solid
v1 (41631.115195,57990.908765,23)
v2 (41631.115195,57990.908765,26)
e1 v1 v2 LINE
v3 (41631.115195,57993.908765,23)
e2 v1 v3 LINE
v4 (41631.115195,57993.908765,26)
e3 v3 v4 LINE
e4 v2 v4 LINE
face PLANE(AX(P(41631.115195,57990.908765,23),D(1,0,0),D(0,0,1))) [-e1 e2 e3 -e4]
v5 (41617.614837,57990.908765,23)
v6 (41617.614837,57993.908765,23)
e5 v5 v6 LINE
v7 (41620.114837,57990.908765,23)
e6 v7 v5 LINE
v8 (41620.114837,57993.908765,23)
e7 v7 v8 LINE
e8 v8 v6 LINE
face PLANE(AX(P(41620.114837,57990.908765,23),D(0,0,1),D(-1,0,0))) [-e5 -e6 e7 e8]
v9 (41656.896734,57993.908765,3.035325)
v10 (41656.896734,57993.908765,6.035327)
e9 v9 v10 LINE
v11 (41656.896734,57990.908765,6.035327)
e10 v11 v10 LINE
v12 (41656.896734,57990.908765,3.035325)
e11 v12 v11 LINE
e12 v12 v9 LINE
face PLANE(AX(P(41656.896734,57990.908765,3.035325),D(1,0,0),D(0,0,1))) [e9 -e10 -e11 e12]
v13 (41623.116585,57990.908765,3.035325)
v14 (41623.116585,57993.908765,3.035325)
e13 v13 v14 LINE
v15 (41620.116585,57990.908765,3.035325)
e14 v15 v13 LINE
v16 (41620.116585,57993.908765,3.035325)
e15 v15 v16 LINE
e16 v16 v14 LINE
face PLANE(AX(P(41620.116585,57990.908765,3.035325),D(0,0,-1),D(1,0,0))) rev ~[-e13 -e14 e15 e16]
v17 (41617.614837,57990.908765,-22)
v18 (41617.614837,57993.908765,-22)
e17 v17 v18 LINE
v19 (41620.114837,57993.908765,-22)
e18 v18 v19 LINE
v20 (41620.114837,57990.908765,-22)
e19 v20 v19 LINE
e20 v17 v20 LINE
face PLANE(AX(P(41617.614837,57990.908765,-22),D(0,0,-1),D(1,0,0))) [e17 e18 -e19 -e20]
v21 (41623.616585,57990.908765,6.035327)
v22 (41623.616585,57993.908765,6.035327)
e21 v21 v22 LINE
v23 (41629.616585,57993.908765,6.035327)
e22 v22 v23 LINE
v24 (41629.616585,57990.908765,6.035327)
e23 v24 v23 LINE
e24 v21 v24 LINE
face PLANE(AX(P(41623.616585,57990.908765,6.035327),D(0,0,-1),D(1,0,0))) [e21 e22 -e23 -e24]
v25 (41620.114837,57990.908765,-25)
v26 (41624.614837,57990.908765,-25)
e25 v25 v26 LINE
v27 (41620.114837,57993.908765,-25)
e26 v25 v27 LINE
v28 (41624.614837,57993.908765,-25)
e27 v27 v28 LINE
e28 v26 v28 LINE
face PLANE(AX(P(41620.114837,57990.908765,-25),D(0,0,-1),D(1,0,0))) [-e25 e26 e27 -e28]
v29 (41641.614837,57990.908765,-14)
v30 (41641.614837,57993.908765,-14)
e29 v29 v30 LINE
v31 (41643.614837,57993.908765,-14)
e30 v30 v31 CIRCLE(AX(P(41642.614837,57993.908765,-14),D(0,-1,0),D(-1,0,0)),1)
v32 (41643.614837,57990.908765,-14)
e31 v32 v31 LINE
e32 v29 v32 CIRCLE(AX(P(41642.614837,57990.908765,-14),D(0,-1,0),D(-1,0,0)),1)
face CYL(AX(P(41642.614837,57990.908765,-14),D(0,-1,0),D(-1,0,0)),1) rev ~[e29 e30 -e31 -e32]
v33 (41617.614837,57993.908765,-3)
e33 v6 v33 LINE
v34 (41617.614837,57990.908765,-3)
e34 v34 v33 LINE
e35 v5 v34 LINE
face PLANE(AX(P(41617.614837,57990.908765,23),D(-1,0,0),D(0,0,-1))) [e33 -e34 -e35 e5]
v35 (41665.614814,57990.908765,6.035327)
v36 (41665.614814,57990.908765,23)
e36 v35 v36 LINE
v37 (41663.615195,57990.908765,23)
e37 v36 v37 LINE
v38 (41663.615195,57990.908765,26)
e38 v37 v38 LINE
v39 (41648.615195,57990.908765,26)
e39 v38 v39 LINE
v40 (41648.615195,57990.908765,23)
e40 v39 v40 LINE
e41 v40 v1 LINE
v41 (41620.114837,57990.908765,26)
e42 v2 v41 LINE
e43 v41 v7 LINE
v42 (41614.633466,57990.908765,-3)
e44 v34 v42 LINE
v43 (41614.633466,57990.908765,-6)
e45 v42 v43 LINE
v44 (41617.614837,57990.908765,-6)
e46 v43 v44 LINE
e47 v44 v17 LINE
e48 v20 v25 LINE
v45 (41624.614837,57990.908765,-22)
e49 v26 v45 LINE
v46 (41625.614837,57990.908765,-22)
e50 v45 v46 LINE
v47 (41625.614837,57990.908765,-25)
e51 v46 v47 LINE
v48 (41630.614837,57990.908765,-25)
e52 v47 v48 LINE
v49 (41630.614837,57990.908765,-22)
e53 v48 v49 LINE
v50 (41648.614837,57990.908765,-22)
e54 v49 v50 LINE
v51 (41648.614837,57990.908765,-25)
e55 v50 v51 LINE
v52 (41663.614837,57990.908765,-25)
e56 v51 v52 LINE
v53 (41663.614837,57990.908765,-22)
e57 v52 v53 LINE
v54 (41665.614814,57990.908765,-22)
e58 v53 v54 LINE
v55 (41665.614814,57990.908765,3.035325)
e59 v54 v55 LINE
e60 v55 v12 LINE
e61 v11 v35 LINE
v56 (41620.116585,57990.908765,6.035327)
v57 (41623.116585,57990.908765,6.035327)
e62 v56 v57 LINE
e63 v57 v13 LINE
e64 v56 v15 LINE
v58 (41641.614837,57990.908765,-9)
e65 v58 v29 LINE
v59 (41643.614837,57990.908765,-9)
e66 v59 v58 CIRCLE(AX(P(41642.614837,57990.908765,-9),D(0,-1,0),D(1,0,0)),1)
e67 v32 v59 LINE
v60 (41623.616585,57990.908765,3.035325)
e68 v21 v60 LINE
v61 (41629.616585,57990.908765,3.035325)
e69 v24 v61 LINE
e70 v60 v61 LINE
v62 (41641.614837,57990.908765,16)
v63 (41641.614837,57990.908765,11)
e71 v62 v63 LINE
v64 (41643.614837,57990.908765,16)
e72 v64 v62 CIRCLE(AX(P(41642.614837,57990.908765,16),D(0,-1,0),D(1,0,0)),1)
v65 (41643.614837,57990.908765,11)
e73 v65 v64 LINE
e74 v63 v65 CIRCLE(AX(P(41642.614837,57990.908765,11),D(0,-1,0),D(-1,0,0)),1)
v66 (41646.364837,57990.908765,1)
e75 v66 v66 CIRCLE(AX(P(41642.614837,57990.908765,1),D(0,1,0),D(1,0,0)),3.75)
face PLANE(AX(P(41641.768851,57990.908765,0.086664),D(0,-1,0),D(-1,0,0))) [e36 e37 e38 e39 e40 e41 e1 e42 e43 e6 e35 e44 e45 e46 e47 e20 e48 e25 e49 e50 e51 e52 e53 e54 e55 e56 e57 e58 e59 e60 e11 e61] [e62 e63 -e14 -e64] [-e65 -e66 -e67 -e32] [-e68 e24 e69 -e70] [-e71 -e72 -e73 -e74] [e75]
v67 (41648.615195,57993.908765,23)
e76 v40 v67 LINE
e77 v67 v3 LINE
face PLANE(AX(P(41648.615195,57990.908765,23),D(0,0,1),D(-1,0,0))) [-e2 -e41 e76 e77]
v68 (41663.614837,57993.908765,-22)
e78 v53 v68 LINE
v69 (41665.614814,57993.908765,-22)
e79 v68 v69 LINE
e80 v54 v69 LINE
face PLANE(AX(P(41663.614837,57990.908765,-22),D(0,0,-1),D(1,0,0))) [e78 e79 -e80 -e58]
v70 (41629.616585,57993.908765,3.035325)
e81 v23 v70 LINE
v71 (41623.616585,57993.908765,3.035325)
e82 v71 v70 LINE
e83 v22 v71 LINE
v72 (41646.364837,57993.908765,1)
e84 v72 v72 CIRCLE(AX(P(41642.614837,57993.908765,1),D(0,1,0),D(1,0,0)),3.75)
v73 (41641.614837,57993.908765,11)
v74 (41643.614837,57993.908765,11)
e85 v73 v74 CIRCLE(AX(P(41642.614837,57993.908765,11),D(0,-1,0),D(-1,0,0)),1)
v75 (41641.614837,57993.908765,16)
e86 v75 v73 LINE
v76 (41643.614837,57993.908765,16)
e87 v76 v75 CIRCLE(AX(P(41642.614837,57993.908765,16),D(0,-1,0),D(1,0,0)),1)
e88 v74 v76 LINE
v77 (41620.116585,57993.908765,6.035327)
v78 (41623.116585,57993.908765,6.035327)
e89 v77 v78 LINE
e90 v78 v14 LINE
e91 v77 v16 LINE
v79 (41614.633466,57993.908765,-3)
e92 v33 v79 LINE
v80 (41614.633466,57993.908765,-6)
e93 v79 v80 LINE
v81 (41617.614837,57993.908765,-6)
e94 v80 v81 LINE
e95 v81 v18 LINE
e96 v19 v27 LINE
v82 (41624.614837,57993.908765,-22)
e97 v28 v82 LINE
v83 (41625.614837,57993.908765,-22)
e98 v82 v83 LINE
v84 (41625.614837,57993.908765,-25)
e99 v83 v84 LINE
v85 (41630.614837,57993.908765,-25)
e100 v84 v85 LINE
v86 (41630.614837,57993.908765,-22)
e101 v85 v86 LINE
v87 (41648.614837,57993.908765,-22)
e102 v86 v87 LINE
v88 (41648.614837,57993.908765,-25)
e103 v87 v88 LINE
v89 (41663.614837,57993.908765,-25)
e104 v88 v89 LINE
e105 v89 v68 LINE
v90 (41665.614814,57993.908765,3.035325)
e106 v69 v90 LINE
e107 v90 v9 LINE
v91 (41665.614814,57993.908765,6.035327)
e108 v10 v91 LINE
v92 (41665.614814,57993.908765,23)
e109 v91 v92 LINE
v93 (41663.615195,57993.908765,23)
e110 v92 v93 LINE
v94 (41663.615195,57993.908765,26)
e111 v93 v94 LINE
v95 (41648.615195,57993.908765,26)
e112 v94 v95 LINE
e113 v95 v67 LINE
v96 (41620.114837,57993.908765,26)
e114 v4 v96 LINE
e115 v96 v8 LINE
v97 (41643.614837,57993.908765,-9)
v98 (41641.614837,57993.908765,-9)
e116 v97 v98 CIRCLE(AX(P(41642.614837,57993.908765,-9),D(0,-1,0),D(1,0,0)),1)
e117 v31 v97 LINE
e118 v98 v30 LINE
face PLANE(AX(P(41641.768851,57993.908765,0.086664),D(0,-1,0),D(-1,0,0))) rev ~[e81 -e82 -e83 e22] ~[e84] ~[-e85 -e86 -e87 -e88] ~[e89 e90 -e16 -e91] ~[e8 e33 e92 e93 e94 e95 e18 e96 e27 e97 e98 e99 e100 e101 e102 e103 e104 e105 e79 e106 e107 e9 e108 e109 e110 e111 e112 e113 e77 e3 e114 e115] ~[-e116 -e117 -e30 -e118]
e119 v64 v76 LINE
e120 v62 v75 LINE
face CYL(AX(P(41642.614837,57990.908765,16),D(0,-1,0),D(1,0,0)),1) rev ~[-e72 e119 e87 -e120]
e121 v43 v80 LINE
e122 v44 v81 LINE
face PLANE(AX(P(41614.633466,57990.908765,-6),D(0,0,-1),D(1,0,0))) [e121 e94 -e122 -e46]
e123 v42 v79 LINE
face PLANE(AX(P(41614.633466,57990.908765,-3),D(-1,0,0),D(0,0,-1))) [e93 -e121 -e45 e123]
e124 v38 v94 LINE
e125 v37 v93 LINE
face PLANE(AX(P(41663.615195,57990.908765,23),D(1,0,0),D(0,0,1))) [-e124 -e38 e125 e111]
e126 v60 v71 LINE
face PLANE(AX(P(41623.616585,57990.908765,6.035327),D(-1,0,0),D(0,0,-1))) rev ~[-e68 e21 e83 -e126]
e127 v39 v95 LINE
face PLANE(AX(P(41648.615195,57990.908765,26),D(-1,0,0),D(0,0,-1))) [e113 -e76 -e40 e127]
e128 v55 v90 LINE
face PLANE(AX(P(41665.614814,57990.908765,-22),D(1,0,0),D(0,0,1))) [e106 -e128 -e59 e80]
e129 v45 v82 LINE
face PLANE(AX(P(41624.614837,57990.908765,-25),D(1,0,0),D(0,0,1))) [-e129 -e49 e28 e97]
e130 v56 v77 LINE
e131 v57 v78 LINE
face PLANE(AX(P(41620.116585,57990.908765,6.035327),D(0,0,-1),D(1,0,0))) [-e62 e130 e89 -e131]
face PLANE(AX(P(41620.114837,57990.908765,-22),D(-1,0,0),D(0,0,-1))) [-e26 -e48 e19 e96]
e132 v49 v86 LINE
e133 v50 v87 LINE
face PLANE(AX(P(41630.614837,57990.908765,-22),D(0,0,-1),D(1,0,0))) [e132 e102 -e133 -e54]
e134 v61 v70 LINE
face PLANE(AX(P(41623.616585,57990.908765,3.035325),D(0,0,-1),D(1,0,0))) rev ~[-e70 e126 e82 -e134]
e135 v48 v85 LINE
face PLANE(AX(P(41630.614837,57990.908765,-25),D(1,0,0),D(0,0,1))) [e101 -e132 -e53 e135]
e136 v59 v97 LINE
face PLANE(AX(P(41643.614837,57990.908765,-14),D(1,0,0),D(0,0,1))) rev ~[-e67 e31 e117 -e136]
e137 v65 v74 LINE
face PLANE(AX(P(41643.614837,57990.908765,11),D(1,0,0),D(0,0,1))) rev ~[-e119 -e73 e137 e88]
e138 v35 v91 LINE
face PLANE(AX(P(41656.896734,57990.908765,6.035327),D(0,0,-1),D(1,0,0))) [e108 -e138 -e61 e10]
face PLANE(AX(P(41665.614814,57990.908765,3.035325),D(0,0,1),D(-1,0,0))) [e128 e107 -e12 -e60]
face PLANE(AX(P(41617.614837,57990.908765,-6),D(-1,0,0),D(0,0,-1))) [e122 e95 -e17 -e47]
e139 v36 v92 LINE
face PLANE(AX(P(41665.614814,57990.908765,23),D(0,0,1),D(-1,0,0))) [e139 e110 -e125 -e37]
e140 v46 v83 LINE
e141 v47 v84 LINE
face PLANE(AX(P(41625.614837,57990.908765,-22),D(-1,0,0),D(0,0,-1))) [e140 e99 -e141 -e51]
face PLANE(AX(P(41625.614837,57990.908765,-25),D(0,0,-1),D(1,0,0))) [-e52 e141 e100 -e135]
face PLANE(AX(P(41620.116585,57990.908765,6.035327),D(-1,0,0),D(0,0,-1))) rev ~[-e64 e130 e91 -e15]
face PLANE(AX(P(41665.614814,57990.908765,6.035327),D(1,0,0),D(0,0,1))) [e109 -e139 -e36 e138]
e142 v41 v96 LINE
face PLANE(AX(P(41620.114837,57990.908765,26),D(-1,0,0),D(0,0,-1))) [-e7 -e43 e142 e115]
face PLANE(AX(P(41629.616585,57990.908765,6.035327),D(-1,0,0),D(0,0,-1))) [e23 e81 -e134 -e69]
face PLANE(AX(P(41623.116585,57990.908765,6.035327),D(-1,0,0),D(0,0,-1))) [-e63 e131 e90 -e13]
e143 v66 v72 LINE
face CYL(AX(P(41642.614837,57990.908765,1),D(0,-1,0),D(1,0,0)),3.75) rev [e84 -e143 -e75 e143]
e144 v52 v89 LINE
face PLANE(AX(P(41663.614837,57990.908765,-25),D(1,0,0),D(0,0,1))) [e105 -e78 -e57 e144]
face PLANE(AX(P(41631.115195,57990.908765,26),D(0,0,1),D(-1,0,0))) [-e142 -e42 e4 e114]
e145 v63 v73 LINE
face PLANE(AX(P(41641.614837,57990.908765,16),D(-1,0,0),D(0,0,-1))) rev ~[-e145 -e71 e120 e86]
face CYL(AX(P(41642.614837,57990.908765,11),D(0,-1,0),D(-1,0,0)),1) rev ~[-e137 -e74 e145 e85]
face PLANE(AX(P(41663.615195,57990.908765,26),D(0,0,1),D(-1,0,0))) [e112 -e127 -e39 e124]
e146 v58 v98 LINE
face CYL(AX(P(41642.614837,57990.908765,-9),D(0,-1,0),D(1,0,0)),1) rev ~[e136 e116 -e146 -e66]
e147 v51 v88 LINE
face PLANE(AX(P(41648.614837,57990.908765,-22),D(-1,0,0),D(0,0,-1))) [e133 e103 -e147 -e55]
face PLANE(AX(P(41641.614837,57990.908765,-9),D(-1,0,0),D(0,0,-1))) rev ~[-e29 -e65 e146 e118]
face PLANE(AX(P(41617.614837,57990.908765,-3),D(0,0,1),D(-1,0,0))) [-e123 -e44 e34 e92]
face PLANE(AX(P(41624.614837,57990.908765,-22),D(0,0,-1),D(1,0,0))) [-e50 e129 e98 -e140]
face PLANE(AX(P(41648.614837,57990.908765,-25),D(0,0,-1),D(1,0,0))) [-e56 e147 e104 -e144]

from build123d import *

# Parameters (mm, degrees)
CROQUIS1_R                 = 3.75
CROQUIS1_W                 = 6
CROQUIS1_H                 = 3.000001037
CROQUIS1_W_2               = 3
SALIENTE_EXTRUIR1_DEPTH    = 3
S_LIDO_MOVER_COPIAR1_ANGLE = 90


with BuildPart() as part:
    # Croquis1 → Saliente-Extruir1 (new body)
    with BuildSketch(Plane.XY):
        Polygon((41630.614837019, 58015.908765172), (41648.614837019, 58015.908765172), (41648.614837019, 58018.908765172), (41663.614837019, 58018.908765172), (41663.614837019, 58015.908765172), (41665.614813532, 58015.908765172), (41665.614813532, 57990.873439675), (41656.89673353, 57990.873439675), (41656.89673353, 57987.873438638), (41665.614813532, 57987.873438638), (41665.614813532, 57970.908765172), (41663.615195237, 57970.908765172), (41663.615195237, 57967.908765172), (41648.615195237, 57967.908765172), (41648.615195237, 57970.908765172), (41631.115195237, 57970.908765172), (41631.115195237, 57967.908765172), (41620.114837019, 57967.908765172), (41620.114837019, 57970.908765172), (41617.614837019, 57970.908765172), (41617.614837019, 57996.908765172), (41614.63346575, 57996.908765172), (41614.63346575, 57999.908765172), (41617.614837019, 57999.908765172), (41617.614837019, 58015.908765172), (41620.114837019, 58015.908765172), (41620.114837019, 58018.908765172), (41624.614837019, 58018.908765172), (41624.614837019, 58015.908765172), (41625.614837019, 58015.908765172), (41625.614837019, 58018.908765172), (41630.614837019, 58018.908765172), align=None)
        with Locations((41642.614837019, 57992.908765172)):
            Circle(CROQUIS1_R, mode=Mode.SUBTRACT)
        with BuildLine():
            Line((41643.614837019, 57982.908765172), (41643.614837019, 57977.908765172))
            ThreePointArc((41643.614837019, 57977.908765172), (41642.614837019, 57976.908765172), (41641.614837019, 57977.908765172))
            Line((41641.614837019, 57977.908765172), (41641.614837019, 57982.908765172))
            ThreePointArc((41641.614837019, 57982.908765172), (41642.614837019, 57983.908765172), (41643.614837019, 57982.908765172))
        make_face(mode=Mode.SUBTRACT)
        with BuildLine():
            Line((41643.614837019, 58007.908765172), (41643.614837019, 58002.908765172))
            ThreePointArc((41643.614837019, 58002.908765172), (41642.614837019, 58001.908765172), (41641.614837019, 58002.908765172))
            Line((41641.614837019, 58002.908765172), (41641.614837019, 58007.908765172))
            ThreePointArc((41641.614837019, 58007.908765172), (41642.614837019, 58008.908765172), (41643.614837019, 58007.908765172))
        make_face(mode=Mode.SUBTRACT)
        with Locations((41626.616584693, 57989.373439157)):
            Rectangle(CROQUIS1_W, CROQUIS1_H, mode=Mode.SUBTRACT)
        with Locations((41621.616584693, 57989.373439157)):
            Rectangle(CROQUIS1_W_2, CROQUIS1_H, mode=Mode.SUBTRACT)
    extrude(amount=SALIENTE_EXTRUIR1_DEPTH)


with BuildPart() as part_1:
    # Sólido-Mover/Copiar1: moved
    add(part.part.rotate(Axis((0, 57992.408765172, 1.5), (-1, 0, 0)), S_LIDO_MOVER_COPIAR1_ANGLE))


solid = part_1.part
